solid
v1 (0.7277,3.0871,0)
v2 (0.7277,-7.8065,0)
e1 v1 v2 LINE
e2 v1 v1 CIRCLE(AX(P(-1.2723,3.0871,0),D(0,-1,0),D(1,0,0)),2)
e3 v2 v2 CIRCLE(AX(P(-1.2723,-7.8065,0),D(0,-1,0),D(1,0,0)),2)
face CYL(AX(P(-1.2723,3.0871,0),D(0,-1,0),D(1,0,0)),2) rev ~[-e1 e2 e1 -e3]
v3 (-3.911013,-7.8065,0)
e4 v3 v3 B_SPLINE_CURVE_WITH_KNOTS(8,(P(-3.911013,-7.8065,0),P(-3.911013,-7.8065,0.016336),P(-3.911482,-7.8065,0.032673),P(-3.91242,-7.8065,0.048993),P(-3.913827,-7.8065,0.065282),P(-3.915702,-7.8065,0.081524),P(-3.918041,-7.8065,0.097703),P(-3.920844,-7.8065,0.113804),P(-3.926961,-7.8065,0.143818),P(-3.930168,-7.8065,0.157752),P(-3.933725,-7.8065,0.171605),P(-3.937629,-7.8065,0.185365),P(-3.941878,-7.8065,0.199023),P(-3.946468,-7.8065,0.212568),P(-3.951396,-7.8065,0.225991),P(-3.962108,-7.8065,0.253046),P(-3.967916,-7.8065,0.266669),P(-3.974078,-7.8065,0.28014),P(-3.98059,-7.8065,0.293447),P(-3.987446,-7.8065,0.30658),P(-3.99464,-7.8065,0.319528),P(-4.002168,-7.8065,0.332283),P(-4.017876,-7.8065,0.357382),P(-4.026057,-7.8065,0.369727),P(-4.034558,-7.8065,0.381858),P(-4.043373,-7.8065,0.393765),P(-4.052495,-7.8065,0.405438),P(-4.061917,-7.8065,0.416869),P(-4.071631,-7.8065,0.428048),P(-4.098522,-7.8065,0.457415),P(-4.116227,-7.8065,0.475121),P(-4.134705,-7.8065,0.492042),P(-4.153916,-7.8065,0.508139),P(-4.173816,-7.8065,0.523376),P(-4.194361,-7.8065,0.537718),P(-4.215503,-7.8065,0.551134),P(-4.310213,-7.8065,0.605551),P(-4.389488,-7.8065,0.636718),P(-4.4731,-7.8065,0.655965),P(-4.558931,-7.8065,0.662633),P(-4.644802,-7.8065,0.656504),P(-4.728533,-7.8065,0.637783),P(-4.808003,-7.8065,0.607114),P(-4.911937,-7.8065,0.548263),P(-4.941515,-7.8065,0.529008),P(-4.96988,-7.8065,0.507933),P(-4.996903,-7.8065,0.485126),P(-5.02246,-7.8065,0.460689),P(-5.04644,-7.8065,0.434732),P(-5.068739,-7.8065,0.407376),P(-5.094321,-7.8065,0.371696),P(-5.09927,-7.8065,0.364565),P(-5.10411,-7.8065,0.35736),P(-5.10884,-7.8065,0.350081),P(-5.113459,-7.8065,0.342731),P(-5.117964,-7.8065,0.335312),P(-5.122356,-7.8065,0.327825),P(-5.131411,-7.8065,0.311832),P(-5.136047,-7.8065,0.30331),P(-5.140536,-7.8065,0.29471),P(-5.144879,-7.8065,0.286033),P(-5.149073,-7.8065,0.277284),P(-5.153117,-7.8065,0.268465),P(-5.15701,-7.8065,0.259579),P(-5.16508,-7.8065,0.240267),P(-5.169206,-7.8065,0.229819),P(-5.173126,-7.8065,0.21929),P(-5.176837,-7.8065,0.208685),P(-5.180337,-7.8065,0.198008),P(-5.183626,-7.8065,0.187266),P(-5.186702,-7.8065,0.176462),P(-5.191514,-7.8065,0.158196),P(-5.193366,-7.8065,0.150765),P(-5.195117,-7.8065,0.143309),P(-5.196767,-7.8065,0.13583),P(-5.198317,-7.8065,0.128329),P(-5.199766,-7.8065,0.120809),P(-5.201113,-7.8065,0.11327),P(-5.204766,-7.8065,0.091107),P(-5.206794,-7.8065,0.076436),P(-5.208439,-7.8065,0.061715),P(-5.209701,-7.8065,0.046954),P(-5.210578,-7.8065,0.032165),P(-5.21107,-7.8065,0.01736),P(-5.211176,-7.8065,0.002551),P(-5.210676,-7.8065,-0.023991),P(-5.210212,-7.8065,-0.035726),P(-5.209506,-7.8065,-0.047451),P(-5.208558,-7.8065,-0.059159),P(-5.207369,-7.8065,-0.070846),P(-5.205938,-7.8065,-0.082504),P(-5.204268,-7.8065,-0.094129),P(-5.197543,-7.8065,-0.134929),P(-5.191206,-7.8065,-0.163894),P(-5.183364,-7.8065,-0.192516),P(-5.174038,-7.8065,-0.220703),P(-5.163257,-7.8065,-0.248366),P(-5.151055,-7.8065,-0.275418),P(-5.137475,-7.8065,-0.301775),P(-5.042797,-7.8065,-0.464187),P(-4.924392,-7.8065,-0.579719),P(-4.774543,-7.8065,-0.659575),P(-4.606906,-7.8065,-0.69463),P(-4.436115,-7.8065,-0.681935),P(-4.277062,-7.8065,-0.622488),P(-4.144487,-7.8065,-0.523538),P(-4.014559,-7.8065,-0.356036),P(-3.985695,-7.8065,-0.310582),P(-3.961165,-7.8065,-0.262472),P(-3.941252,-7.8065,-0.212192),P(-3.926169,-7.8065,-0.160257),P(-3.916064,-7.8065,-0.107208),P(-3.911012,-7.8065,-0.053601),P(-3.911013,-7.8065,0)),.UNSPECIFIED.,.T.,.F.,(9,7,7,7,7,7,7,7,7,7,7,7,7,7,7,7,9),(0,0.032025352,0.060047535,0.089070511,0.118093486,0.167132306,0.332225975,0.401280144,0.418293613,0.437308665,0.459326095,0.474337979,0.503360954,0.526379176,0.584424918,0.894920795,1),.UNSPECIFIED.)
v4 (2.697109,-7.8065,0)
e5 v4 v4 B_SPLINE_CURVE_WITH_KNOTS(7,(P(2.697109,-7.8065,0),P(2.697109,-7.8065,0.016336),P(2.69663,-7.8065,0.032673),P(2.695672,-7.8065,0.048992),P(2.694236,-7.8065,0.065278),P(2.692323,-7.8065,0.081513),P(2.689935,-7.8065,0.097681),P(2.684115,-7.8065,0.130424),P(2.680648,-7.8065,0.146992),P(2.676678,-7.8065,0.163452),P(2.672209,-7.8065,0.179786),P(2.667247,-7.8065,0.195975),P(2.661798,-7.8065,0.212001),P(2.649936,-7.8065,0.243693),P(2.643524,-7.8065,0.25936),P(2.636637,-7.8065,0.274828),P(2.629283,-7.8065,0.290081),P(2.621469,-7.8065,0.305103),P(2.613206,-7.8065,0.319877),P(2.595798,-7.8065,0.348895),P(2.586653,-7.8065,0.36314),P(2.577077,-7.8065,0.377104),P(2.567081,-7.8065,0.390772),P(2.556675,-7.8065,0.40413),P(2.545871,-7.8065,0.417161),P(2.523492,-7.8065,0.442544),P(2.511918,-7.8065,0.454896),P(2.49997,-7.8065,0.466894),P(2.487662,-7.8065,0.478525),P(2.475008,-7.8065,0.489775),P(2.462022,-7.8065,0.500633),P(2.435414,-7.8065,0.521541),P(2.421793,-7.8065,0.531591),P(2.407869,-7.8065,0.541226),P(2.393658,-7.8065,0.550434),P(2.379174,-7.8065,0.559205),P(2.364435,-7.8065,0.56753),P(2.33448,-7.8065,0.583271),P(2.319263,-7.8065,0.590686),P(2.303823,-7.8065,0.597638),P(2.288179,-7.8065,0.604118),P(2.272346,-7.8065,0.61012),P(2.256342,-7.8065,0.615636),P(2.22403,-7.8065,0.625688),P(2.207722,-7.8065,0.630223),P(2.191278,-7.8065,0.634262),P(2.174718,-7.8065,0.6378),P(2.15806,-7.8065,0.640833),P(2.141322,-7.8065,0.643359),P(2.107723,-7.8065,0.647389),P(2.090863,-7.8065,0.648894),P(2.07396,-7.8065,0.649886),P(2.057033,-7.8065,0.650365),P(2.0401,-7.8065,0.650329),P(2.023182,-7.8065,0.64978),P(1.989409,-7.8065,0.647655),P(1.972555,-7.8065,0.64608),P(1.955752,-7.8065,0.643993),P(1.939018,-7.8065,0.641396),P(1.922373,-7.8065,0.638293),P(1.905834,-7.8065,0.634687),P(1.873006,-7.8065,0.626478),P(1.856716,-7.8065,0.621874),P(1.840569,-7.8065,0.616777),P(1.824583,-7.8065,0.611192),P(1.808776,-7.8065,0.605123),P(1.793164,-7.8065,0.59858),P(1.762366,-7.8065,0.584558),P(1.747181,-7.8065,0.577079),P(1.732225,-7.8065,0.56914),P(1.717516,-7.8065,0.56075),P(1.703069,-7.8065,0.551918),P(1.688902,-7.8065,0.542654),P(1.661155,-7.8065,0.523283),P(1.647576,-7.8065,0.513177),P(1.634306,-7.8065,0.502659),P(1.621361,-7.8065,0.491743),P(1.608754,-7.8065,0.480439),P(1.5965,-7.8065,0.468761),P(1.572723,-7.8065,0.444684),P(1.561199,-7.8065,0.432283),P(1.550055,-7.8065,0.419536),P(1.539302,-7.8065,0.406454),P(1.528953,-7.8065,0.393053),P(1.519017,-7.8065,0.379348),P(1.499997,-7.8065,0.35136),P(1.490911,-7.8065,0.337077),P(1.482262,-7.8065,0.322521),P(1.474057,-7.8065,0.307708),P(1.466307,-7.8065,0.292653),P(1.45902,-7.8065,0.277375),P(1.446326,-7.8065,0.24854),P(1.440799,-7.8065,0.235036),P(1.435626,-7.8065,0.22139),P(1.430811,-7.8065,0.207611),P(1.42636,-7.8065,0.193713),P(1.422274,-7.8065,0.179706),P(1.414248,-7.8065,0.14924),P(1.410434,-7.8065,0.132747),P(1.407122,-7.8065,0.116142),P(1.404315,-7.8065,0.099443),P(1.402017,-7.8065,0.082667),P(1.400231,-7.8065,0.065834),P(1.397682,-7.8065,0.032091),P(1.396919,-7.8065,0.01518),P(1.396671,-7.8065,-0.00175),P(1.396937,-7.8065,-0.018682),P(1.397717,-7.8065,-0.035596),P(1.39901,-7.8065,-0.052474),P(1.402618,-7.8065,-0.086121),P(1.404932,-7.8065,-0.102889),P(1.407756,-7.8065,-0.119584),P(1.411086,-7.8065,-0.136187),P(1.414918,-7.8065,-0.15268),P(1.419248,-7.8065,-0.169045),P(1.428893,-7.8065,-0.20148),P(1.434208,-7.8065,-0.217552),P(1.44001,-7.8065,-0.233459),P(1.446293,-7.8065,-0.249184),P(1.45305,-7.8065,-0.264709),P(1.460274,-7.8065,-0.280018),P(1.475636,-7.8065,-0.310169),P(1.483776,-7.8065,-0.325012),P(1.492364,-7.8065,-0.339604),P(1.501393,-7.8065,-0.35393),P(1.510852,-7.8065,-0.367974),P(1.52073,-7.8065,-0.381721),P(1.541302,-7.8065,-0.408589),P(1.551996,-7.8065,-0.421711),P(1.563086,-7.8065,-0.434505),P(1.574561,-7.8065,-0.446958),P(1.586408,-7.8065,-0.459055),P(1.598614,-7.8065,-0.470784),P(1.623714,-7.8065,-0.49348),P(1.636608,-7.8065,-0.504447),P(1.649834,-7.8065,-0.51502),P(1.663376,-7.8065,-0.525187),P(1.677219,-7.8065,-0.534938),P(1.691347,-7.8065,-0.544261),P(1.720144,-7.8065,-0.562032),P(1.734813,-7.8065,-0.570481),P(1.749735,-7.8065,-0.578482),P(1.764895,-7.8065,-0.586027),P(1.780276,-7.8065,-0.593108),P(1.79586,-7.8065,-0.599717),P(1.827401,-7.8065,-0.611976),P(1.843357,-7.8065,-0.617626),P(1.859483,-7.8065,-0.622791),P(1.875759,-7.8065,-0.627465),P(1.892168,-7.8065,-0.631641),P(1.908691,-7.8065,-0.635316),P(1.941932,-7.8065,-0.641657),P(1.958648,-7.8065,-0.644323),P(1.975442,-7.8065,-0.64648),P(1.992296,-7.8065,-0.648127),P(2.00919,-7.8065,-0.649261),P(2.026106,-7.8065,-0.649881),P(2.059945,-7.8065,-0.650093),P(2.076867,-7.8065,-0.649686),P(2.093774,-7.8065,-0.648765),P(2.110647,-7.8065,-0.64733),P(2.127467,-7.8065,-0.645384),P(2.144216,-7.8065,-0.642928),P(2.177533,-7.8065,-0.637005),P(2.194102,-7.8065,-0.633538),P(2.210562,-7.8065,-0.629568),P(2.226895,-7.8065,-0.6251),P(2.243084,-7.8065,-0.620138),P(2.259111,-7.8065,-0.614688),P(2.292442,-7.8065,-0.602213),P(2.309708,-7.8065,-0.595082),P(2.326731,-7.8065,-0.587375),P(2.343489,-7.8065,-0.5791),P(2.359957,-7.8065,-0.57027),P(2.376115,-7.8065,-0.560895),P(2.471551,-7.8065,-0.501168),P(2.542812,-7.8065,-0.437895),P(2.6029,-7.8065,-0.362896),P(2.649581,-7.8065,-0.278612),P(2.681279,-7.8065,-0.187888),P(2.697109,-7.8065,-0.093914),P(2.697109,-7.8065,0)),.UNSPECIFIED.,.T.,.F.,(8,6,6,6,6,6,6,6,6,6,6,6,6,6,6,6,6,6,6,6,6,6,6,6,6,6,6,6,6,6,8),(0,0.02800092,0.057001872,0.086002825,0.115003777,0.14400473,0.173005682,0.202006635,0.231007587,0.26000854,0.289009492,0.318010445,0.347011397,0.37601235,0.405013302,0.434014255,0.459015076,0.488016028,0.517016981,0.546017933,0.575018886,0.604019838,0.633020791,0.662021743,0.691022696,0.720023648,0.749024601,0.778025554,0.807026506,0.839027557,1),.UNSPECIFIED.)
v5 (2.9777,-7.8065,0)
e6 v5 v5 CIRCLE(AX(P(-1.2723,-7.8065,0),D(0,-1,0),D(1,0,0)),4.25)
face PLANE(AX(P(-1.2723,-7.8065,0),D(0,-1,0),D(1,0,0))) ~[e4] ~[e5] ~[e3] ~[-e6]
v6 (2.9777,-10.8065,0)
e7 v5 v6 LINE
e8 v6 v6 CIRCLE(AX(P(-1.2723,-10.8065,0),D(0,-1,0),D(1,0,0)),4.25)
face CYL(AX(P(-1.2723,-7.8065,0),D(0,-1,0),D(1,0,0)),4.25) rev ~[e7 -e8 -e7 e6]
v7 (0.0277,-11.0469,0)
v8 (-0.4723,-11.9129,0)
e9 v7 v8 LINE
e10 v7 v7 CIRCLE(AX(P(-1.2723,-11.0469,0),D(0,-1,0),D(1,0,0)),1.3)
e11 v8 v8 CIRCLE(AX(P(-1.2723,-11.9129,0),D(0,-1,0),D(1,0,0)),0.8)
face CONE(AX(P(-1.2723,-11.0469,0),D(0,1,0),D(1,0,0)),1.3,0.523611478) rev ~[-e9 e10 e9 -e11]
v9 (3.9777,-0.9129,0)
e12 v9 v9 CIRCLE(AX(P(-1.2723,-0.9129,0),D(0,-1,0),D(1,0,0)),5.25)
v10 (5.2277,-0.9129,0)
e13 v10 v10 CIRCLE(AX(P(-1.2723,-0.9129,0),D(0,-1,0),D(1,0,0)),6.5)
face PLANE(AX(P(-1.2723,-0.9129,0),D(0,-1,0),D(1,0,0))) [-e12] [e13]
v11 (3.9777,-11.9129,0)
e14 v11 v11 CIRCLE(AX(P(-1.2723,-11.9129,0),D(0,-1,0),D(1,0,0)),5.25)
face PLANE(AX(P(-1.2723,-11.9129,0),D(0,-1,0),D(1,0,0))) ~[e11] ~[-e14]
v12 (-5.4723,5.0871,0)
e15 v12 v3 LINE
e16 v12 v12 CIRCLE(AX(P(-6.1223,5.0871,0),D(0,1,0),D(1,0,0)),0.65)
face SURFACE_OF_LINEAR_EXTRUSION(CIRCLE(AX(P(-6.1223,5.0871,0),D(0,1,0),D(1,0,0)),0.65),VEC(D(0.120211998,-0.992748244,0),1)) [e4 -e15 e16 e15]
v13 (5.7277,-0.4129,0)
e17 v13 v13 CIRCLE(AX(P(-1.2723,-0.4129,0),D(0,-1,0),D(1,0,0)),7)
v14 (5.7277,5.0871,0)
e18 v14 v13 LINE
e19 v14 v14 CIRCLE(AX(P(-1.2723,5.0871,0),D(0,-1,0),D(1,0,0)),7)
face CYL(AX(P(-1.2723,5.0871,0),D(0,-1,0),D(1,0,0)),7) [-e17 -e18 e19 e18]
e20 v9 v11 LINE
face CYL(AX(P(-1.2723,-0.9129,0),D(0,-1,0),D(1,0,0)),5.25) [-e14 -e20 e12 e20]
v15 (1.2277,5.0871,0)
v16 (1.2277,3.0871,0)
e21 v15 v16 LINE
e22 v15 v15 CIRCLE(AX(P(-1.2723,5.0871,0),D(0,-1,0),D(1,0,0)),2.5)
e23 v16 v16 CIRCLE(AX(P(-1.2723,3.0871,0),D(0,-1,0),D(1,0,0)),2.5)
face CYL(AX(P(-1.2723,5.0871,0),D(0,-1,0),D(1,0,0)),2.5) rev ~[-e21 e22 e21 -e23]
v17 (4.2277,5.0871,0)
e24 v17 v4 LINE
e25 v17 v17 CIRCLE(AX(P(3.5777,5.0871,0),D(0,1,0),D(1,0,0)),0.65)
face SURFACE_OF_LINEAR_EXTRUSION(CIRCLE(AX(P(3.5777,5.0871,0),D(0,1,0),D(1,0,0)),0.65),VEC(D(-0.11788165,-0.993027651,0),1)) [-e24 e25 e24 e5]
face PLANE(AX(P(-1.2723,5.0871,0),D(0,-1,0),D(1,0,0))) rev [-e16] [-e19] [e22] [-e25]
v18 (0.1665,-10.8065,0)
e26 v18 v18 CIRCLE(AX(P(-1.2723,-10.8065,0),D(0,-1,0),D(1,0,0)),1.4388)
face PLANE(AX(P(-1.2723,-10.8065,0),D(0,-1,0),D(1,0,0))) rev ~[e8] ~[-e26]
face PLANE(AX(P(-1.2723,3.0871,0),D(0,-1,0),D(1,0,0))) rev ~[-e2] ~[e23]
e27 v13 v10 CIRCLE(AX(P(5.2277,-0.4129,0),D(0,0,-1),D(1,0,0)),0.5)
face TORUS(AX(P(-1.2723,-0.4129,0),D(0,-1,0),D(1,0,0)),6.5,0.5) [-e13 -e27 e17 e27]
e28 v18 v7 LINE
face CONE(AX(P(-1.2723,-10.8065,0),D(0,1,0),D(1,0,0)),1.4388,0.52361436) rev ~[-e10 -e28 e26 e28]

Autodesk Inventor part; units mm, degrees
ref_plane "YZ Plane" through (0, 0, 0) normal (1, 0, 0) x (0, 1, 0)
ref_plane "XZ Plane" through (0, 0, 0) normal (0, 1, 0) x (-1, 0, 0)
ref_plane "XY Plane" through (0, 0, 0) normal (0, 0, 1) x (1, 0, 0)
sketch "Sketch1" plane through (0, 0, 0) normal (0, 0, 1) x (1, 0, 0)
  line L0 (-1.2723, 5.8241) -> (-1.2723, -4.8856)
  line L1 (1.2277, 5.0871) -> (1.2277, 3.0871)
  line L2 (5.7277, 5.0871) -> (5.7277, -0.9129)
  line L3 (3.9777, -0.9129) -> (3.9777, -11.9129)
  line L4 (1.2277, 5.0871) -> (5.7277, 5.0871)
  line L5 (5.7277, -0.9129) -> (3.9777, -0.9129)
  line L6 (0.7277, 3.0871) -> (0.7277, -7.8065)
  line L7 (1.2277, 3.0871) -> (0.7277, 3.0871)
  line L8 (0.7277, -7.8065) -> (2.9777, -7.8065)
  line L9 (2.9777, -7.8065) -> (2.9777, -10.8065)
  line L10 (0.0277, -11.0469) -> (-0.4723, -11.9129)
  line L11 (-0.4723, -11.9129) -> (3.9777, -11.9129)
  line L12 (2.9777, -10.8065) -> (0.1665, -10.8065)
  line L13 (0.1665, -10.8065) -> (0.0277, -11.0469)
  point P0 (0, 0)
  dimension "d0" = 5
  dimension "d1" = 6
  dimension "d2" = 14
  dimension "d3" = 11
  dimension "d4" = 2
  dimension "d5" = 4
  dimension "d6" = 10.5
  dimension "d7" = 3
  dimension "d8" = 8.5
  dimension "d11" = 0.8
revolve "Revolution1" add sketch "Sketch1" angle 360 about axis through (-1.2723, 5.8241, 0) along (0, -1, 0)
fillet "Fillet1" radius 0.5 1 edges at (-8.2723, -0.9129, 0)
sketch "Sketch4" plane through (-1.2723, 5.0871, 0) normal (0, 1, 0) x (1, 0, 0)
  circle A0 centre (-4.85, 0) radius 0.65
  circle A1 centre (4.85, 0) radius 0.65
  circle A2 centre (0, 0) radius 7 projected
  point P0 (1.2723, 0)
  dimension "d25" = 1.3
  dimension "d26" = 1.3
  dimension "d28" = 1.5
  dimension "d29" = 1.5
  dimension "d30" = 11
sketch "Sketch5" plane through (0, 0, 0) normal (0, 0, 1) x (1, 0, 0)
  line L0 (-8.2723, 5.0871) -> (5.7277, 5.0871) projected
  line L1 (3.5777, 5.0871) -> (1.9777, -8.3912)
  line L2 (-8.2723, 5.0871) -> (-8.2723, -0.4129) projected
  line L3 (5.7277, 5.0871) -> (5.7277, -0.4129) projected
  line L4 (-6.1223, 5.0871) -> (-4.5223, -8.3912)
  line L5 (-5.5223, -10.8065) -> (-5.5223, -7.8065) projected
  line L6 (2.9777, -10.8065) -> (2.9777, -7.8065) projected
  point P0 (0, 0)
  dimension "d31" = 2.15
  dimension "d32" = 2.15
  dimension "d33" = 1
  dimension "d34" = 1
sweep "Sweep2" cut profiles "Sketch4" path "Sketch5" path curves L1 contours A1
sketch "Sketch6" plane through (-1.2723, 5.0871, 0) normal (0, 1, 0) x (1, 0, 0)
  circle A0 centre (-4.85, 0) radius 0.65
  circle A1 centre (0, 0) radius 7 projected
  circle A2 centre (4.85, 0) radius 0.65 projected
  point P0 (1.2723, 0)
  dimension "d37" = 1.3
  dimension "d38" = 11
sketch "Sketch7" plane through (0, 0, 0) normal (0, 0, 1) x (1, 0, 0)
  line L0 (-8.2723, 5.0871) -> (5.7277, 5.0871) projected
  line L1 (-6.1223, 5.0871) -> (-4.5223, -8.1262)
  line L2 (-5.5223, -10.8065) -> (2.9777, -10.8065) projected
  line L3 (-5.5223, -7.8065) -> (2.9777, -7.8065) projected
  line L4 (-5.5223, -10.8065) -> (-5.5223, -7.8065) projected
  line L5 (-8.2723, 5.0871) -> (-8.2723, -0.4129) projected
  point P0 (0, 0)
  dimension "d39" = 1
  dimension "d40" = 2.15
sweep "Sweep3" cut profiles "Sketch6" path "Sketch7" path curves L1 contours A0
properties part number "Musab4" material "Steel, Alloy"
